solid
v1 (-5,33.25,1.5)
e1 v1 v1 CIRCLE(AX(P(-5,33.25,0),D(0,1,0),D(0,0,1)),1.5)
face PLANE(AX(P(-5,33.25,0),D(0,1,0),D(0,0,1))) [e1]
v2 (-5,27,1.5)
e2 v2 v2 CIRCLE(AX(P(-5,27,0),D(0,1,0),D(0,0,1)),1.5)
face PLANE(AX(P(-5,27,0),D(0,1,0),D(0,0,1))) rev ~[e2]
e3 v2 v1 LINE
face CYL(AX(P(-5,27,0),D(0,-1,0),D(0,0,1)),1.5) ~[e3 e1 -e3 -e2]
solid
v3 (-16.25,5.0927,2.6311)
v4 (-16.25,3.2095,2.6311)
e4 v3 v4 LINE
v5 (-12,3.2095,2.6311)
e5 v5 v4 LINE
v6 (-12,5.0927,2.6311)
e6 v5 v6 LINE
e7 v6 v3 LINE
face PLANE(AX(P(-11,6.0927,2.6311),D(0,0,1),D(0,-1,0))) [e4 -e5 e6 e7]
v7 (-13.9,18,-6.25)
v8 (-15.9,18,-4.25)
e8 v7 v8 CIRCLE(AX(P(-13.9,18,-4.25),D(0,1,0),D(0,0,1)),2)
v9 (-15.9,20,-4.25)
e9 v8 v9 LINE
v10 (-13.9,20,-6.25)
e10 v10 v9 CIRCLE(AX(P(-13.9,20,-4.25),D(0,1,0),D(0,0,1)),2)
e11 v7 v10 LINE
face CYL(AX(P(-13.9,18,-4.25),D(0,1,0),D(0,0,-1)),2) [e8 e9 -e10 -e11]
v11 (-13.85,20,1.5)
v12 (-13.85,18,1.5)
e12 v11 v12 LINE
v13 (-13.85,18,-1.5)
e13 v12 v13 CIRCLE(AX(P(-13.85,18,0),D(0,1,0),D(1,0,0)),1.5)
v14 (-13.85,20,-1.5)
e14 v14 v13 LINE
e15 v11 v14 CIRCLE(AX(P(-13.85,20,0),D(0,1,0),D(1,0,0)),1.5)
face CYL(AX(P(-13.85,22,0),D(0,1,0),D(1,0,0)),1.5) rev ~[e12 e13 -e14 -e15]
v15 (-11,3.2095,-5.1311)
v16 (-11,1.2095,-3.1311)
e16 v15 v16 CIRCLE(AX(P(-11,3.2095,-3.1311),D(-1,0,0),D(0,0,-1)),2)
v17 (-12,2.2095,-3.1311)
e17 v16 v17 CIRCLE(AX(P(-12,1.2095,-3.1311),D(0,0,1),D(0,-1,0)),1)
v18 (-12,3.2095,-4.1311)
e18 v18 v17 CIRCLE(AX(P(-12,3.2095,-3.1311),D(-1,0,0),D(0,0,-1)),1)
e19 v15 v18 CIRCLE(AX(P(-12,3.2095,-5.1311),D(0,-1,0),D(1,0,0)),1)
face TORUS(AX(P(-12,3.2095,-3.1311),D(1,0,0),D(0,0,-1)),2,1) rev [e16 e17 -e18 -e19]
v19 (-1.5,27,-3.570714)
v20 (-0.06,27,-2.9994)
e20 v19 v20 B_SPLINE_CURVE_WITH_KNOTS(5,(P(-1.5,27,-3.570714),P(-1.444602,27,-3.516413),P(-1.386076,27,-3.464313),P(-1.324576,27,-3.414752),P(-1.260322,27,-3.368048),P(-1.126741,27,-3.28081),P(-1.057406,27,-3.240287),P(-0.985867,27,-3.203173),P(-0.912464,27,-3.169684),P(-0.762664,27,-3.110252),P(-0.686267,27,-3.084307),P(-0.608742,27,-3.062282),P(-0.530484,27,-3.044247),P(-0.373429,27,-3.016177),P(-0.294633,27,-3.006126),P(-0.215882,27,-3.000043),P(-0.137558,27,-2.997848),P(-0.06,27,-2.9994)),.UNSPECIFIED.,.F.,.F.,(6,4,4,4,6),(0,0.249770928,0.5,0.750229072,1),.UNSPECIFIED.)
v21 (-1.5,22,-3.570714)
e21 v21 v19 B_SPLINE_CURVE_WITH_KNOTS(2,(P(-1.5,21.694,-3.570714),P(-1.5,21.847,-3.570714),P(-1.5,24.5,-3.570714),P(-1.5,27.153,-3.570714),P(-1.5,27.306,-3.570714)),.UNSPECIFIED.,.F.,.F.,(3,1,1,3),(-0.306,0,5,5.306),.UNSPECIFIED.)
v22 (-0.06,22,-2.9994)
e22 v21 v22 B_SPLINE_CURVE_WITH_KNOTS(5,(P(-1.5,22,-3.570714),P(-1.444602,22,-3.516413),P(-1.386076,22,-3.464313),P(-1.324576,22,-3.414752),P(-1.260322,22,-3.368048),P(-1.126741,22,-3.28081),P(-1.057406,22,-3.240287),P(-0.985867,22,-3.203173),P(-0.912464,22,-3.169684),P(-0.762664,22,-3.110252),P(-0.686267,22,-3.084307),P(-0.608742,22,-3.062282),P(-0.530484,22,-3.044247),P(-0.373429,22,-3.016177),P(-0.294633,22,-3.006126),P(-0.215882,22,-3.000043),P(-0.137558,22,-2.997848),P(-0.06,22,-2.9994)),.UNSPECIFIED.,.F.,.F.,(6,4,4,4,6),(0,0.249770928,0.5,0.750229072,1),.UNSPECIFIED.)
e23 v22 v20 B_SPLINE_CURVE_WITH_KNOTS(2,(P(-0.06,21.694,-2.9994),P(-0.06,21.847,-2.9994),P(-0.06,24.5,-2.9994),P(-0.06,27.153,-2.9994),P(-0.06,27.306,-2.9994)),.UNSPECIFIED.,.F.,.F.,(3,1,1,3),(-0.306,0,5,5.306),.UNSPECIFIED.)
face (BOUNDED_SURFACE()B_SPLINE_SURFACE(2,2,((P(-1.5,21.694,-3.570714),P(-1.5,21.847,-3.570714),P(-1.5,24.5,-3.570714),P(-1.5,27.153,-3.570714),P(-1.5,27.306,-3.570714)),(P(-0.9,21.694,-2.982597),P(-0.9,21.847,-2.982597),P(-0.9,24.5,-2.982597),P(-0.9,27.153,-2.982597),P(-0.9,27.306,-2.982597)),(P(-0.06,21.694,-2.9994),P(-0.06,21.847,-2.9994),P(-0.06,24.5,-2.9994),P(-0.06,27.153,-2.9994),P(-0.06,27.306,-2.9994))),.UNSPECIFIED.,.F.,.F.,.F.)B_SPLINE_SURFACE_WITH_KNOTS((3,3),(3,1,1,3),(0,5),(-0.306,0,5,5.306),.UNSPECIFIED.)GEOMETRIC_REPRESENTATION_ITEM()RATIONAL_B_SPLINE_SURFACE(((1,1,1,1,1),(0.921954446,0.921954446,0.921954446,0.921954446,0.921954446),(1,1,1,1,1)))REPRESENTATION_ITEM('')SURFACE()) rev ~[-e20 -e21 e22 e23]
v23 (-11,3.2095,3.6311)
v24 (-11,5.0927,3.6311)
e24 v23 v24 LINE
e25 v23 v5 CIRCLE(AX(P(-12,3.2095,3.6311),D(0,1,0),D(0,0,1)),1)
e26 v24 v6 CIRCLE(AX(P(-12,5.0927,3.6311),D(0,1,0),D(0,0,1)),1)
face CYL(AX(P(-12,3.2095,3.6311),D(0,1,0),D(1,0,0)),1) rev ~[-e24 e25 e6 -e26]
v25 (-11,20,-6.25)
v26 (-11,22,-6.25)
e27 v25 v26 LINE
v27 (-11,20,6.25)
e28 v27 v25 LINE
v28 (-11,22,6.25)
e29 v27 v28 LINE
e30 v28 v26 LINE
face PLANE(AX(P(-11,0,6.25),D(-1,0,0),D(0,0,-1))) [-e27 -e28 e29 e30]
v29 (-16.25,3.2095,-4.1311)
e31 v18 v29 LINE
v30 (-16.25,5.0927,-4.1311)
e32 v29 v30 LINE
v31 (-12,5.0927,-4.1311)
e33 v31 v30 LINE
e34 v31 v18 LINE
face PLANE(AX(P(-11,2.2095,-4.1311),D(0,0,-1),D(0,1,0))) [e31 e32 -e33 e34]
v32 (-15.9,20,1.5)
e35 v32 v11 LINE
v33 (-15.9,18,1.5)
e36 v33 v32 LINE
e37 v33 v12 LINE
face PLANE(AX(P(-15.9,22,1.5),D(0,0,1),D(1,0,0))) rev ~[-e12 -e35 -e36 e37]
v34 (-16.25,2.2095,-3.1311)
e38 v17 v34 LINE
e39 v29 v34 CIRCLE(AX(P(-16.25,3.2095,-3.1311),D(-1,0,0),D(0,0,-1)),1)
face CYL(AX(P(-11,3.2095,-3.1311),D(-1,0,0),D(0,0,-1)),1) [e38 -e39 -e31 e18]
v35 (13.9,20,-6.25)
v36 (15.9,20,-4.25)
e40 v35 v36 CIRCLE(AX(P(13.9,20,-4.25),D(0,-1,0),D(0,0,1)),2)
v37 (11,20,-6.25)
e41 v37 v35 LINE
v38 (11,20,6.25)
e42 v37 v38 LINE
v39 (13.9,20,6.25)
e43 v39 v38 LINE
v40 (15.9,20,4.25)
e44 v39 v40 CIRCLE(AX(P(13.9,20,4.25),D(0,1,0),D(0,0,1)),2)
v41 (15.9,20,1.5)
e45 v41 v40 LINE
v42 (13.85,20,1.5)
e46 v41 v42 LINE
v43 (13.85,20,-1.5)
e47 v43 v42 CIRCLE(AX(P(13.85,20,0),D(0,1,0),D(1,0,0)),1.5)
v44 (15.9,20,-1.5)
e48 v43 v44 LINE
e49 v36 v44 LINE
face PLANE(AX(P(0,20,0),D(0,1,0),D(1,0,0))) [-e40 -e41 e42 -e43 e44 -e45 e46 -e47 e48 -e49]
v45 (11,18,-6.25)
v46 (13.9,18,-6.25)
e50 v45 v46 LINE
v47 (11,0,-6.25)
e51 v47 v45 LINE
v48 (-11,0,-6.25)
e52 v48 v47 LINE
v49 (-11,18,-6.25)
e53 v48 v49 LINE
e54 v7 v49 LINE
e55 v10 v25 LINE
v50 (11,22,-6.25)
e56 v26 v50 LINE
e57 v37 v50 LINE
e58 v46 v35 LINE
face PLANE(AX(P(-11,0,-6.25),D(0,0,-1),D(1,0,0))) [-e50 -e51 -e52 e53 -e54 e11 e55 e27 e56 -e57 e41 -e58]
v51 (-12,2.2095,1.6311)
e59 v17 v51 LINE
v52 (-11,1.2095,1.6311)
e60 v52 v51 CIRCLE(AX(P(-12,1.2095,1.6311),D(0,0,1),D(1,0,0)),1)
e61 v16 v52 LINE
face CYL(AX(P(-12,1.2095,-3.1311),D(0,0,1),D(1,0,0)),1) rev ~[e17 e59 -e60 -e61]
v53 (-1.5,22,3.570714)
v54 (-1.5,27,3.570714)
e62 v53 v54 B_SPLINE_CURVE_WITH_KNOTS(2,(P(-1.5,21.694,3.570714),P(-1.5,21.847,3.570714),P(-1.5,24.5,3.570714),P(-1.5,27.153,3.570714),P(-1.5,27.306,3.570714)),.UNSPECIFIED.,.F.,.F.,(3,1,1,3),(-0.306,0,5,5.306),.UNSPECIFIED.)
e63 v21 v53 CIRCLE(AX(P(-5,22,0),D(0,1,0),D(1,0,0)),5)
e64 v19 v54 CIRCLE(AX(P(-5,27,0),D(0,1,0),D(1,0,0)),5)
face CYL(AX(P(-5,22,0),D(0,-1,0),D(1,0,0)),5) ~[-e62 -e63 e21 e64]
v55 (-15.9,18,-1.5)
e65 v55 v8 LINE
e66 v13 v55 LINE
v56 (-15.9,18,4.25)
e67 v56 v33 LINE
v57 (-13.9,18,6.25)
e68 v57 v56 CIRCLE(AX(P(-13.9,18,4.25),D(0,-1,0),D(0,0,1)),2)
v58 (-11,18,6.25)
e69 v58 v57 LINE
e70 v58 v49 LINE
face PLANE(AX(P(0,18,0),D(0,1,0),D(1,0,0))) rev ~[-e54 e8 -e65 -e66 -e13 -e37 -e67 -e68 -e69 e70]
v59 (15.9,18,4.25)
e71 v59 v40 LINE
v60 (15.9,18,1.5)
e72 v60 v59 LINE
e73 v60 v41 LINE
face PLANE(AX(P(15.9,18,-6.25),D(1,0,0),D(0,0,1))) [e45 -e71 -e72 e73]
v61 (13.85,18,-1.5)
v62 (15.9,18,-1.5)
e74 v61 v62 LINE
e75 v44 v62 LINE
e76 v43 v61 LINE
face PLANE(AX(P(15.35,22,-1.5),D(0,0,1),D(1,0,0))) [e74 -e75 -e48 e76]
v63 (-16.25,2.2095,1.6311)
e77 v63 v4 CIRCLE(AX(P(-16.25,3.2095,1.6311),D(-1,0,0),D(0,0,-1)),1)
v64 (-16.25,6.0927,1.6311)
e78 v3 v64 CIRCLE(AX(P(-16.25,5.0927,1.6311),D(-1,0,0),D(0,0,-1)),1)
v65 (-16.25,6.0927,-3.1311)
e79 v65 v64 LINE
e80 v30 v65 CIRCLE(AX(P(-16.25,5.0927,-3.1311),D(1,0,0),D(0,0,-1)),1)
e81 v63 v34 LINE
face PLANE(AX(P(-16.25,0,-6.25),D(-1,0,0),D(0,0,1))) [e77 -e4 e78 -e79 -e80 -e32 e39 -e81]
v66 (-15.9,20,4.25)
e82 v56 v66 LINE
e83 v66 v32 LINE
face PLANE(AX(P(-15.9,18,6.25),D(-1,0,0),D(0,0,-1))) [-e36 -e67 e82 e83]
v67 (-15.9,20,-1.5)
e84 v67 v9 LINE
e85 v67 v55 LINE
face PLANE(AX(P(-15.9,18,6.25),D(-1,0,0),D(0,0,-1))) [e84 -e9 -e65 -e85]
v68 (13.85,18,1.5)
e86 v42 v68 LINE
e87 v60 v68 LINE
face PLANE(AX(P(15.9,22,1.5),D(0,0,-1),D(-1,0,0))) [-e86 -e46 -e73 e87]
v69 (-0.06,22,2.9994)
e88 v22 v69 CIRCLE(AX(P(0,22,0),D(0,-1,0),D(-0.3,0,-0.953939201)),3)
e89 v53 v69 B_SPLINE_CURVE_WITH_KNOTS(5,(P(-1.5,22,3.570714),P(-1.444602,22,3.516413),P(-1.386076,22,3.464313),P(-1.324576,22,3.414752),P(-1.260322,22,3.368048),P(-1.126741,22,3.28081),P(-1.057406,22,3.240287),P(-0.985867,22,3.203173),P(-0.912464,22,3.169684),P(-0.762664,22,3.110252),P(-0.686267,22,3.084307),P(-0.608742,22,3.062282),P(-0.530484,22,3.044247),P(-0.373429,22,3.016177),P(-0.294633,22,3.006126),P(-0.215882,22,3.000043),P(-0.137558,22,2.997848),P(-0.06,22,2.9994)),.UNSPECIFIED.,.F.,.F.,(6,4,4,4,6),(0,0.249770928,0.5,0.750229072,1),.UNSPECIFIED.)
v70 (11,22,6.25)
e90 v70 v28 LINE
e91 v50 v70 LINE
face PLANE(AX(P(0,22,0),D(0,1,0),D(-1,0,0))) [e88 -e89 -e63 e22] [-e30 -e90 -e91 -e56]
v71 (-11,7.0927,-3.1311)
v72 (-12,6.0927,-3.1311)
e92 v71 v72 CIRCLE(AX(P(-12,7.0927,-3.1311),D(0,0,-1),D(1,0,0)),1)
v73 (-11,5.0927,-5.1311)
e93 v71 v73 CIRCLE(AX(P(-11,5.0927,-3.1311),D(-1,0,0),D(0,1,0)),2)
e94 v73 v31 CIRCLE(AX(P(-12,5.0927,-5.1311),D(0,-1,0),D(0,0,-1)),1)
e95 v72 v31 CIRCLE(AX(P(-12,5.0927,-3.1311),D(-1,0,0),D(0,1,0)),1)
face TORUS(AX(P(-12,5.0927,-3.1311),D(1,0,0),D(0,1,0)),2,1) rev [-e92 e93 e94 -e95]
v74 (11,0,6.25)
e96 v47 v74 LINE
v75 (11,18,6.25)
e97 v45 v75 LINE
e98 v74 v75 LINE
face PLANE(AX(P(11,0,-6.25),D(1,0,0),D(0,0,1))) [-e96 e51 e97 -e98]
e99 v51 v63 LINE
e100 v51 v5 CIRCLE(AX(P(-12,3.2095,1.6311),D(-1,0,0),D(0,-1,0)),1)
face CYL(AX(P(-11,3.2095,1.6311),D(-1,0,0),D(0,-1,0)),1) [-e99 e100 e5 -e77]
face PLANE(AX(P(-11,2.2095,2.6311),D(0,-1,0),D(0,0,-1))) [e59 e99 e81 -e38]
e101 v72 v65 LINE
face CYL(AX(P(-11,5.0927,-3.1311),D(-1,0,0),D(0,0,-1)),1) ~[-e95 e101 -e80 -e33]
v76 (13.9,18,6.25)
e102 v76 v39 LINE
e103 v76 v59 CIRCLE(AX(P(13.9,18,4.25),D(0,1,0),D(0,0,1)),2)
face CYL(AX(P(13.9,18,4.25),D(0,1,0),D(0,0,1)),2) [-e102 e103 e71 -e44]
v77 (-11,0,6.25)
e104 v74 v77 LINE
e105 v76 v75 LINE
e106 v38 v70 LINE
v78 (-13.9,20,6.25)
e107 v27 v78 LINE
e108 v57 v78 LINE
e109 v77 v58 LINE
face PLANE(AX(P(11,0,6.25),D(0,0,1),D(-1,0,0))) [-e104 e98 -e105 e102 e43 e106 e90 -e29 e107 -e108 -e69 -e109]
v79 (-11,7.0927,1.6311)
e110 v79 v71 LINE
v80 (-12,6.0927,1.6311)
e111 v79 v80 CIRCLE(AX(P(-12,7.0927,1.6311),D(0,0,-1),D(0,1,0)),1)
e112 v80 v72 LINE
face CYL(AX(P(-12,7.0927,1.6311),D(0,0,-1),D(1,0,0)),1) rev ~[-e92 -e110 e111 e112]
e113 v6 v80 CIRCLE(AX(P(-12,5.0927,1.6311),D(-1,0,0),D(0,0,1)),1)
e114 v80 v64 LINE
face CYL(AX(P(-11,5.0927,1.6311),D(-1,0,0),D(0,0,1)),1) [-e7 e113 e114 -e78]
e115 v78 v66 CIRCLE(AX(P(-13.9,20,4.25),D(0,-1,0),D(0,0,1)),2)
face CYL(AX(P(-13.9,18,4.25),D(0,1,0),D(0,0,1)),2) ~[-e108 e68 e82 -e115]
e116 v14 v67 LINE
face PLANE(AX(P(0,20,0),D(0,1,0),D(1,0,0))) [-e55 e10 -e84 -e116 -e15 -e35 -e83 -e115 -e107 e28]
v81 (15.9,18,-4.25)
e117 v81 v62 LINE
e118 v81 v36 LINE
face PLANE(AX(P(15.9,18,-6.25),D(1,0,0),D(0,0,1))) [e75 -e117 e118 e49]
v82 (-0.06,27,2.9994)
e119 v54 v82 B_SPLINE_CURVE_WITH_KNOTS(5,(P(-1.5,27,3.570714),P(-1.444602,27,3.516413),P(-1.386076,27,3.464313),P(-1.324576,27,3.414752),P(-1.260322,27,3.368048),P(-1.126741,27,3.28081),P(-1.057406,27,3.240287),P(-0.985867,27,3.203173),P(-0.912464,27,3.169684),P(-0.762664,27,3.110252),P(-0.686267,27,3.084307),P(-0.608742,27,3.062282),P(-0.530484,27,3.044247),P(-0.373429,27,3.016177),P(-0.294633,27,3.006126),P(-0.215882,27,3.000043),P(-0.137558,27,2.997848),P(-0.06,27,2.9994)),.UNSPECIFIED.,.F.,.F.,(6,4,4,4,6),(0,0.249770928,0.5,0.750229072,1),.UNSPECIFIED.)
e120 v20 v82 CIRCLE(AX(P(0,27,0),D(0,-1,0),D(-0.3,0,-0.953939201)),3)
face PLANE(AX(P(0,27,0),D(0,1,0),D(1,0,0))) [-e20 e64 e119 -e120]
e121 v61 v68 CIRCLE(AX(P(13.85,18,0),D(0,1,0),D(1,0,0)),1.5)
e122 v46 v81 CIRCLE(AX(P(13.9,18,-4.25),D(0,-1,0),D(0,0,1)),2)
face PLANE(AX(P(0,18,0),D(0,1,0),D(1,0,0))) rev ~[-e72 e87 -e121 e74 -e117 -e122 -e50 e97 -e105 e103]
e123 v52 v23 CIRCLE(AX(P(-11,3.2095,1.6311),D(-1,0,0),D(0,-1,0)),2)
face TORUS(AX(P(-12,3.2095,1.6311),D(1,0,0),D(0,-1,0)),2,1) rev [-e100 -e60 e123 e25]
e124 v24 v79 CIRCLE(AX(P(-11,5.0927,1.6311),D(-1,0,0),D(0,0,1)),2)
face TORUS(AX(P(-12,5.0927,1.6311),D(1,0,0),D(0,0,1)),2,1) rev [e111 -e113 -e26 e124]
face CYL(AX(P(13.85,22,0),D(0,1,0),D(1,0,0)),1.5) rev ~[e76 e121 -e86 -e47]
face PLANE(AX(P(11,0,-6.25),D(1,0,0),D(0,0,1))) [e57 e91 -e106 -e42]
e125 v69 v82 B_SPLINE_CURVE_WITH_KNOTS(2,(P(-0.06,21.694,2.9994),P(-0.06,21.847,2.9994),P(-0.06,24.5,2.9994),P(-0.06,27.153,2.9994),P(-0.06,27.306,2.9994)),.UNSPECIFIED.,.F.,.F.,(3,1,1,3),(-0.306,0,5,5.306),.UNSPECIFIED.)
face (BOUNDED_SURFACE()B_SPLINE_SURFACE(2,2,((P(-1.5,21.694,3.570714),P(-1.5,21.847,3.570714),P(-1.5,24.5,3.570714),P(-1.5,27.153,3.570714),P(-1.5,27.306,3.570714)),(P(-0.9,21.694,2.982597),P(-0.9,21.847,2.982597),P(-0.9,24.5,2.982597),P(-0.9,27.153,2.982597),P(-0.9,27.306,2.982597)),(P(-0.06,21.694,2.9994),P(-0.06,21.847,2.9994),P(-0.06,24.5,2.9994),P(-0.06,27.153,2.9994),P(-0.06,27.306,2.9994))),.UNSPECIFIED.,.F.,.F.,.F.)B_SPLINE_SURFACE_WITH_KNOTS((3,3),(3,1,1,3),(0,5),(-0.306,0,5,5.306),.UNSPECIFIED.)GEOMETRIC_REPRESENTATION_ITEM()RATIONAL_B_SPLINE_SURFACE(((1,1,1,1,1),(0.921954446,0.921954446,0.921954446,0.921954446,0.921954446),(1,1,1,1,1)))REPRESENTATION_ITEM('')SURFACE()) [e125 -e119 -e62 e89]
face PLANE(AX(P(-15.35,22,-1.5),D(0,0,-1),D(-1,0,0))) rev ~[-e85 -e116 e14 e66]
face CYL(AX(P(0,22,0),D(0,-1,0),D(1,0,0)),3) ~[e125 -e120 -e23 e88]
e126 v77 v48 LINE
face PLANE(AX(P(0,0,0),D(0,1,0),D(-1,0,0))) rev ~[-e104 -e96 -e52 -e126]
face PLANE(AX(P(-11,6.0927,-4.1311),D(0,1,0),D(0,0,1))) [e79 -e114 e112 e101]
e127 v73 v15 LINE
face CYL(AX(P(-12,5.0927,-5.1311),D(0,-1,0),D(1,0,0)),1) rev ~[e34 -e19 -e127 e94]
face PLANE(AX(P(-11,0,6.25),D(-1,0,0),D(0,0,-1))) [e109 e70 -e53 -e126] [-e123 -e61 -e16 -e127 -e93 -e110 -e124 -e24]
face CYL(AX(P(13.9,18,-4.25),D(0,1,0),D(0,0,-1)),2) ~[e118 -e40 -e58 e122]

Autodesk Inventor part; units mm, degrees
ref_plane "YZ Plane" through (0, 0, 0) normal (1, 0, 0) x (0, 1, 0)
ref_plane "XZ Plane" through (0, 0, 0) normal (0, 1, 0) x (-1, 0, 0)
sketch "Skizze1" plane through (0, 0, 0) normal (0, 1, 0) x (-1, 0, 0)
  line L0 (-11, 6.25) -> (11, 6.25)
  line L1 (11, 6.25) -> (11, -6.25)
  line L2 (11, -6.25) -> (-11, -6.25)
  line L3 (-11, -6.25) -> (-11, 6.25)
  line L4 (-11, 6.25) -> (11, -6.25) construction
  line L5 (11, 6.25) -> (-11, -6.25) construction
  point P0 (0, 0)
  dimension "d0" = 22
  dimension "d1" = 12.5
extrude "Extrusion1" add sketch "Skizze1" along normal blind 22
ref_plane "Arbeitsebene1" through (0, 18, 0) normal (0, 1, 0) x (1, 0, 0)
sketch "Skizze2" plane through (0, 18, 0) normal (0, 1, 0) x (1, 0, 0)
  line L0 (15.9, -6.25) -> (-15.9, -6.25)
  line L1 (-15.9, -6.25) -> (-15.9, 6.25)
  line L2 (-15.9, 6.25) -> (15.9, 6.25)
  line L3 (15.9, 6.25) -> (15.9, -6.25)
  line L4 (15.9, -6.25) -> (-15.9, 6.25) construction
  line L5 (-15.9, -6.25) -> (15.9, 6.25) construction
  line L6 (11, 6.25) -> (-11, 6.25) projected
  point P0 (0, 0)
  dimension "d4" = 31.8
extrude "Extrusion2" add sketch "Skizze2" along normal blind 2
fillet "Rundung1" radius 2 4 edges at (-15.9, 19, 6.25) (15.9, 19, 6.25) (15.9, 19, -6.25) (-15.9, 19, -6.25)
sketch "Skizze3" plane through (0, 22, 0) normal (0, 1, 0) x (1, 0, 0)
  circle A0 centre (-5, 0) radius 5
  circle A1 centre (0, 0) radius 3
  line L0 (-11, 6.25) -> (-11, -6.25) projected
  point P0 (-0.9, -2.8618)
  point P1 (-0.9, 2.8618)
  dimension "d9" = 10
  dimension "d29" = 6
  dimension "d30" = 6
extrude "Extrusion3" add sketch "Skizze3" along normal blind 5
sketch "Skizze5" plane through (0, 22, 0) normal (0, 1, 0) x (1, 0, 0)
  line L0 (15.35, 1.5) -> (16.45, 1.5)
  line L1 (16.45, 1.5) -> (16.45, -1.5)
  line L2 (16.45, -1.5) -> (15.35, -1.5)
  line L3 (15.35, -1.5) -> (15.35, 1.5)
  line L4 (15.9, -4.25) -> (15.9, 4.25) projected
  line L5 (15.35, 1.5) -> (16.45, -1.5) construction
  line L6 (16.45, 1.5) -> (15.35, -1.5) construction
  line L7 (-15.35, 1.5) -> (-16.45, 1.5)
  line L8 (-16.45, 1.5) -> (-16.45, -1.5)
  line L9 (-16.45, -1.5) -> (-15.35, -1.5)
  line L10 (-15.35, -1.5) -> (-15.35, 1.5)
  line L11 (-15.9, 4.25) -> (-15.9, -4.25) projected
  line L12 (-15.35, 1.5) -> (-16.45, -1.5) construction
  line L13 (-16.45, 1.5) -> (-15.35, -1.5) construction
  circle A0 centre (-13.85, 0) radius 1.5
  circle A1 centre (13.85, 0) radius 1.5
  line L14 (13.85, 0) -> (-13.85, 0) construction
  line L15 (0, 0) -> (0, -6.25) construction
  line L16 (-11, -6.25) -> (11, -6.25) projected
  line L17 (15.35, -1.5) -> (13.85, -1.5)
  line L18 (13.85, 1.5) -> (15.35, 1.5)
  line L19 (-13.85, -1.5) -> (-15.35, -1.5)
  line L20 (-13.85, 1.5) -> (-15.35, 1.5)
  point P0 (15.9, 0)
  point P1 (-15.9, 0)
  dimension "d15" = 3
  dimension "d16" = 3
  dimension "d27" = 27.7
  dimension "d32" = 13.85
extrude "Extrusion5" cut sketch "Skizze5" against normal blind 5.5
sketch "Skizze4" plane through (-5, 27, 0) normal (0, 1, 0) x (0, 0, 1)
  circle A0 centre (0, 0) radius 1.5
  arc A1 (-2.8618, 4.1) -> (2.8618, 4.1) centre (0, 0) ccw projected
  point P0 (0, 5)
  dimension "d12" = 3
extrude "Extrusion4" add sketch "Skizze4" along normal blind 6.25 separate body
sketch "Skizze6" plane through (-11, 0, -6.25) normal (-1, 0, 0) x (0, 0, 1)
  line L0 (2.1189, 6.0927) -> (8.8811, 6.0927)
  line L1 (8.8811, 6.0927) -> (8.8811, 2.2095)
  line L2 (8.8811, 2.2095) -> (2.1189, 2.2095)
  line L3 (2.1189, 2.2095) -> (2.1189, 6.0927)
  line L4 (2.1189, 6.0927) -> (8.8811, 2.2095) construction
  line L5 (8.8811, 6.0927) -> (2.1189, 2.2095) construction
  point P0 (6.25, 0)
  point P1 (5.5, 4.1511)
extrude "Extrusion6" add sketch "Skizze6" along normal blind 5.25 bodies 1
fillet "Rundung3" radius 1 4 edges at (-13.625, 6.0927, -4.1311) (-13.625, 2.2095, -4.1311) (-13.625, 2.2095, 2.6311) (-13.625, 6.0927, 2.6311)
fillet "Rundung4" radius 1 8 edges at (-11, 5.7998, 2.3382) (-11, 4.1511, 2.6311) (-11, 2.5023, 2.3382) (-11, 2.2095, -0.75) (-11, 2.5023, -3.8382) (-11, 4.1511, -4.1311) (-11, 5.7998, -3.8382) (-11, 6.0927, -0.75)
fillet "Rundung5" radius 2 2 edges at (-0.9, 24.5, 2.8618) (-0.9, 24.5, -2.8618)
properties part number "P_Servo_SIMPROP_27x12"
